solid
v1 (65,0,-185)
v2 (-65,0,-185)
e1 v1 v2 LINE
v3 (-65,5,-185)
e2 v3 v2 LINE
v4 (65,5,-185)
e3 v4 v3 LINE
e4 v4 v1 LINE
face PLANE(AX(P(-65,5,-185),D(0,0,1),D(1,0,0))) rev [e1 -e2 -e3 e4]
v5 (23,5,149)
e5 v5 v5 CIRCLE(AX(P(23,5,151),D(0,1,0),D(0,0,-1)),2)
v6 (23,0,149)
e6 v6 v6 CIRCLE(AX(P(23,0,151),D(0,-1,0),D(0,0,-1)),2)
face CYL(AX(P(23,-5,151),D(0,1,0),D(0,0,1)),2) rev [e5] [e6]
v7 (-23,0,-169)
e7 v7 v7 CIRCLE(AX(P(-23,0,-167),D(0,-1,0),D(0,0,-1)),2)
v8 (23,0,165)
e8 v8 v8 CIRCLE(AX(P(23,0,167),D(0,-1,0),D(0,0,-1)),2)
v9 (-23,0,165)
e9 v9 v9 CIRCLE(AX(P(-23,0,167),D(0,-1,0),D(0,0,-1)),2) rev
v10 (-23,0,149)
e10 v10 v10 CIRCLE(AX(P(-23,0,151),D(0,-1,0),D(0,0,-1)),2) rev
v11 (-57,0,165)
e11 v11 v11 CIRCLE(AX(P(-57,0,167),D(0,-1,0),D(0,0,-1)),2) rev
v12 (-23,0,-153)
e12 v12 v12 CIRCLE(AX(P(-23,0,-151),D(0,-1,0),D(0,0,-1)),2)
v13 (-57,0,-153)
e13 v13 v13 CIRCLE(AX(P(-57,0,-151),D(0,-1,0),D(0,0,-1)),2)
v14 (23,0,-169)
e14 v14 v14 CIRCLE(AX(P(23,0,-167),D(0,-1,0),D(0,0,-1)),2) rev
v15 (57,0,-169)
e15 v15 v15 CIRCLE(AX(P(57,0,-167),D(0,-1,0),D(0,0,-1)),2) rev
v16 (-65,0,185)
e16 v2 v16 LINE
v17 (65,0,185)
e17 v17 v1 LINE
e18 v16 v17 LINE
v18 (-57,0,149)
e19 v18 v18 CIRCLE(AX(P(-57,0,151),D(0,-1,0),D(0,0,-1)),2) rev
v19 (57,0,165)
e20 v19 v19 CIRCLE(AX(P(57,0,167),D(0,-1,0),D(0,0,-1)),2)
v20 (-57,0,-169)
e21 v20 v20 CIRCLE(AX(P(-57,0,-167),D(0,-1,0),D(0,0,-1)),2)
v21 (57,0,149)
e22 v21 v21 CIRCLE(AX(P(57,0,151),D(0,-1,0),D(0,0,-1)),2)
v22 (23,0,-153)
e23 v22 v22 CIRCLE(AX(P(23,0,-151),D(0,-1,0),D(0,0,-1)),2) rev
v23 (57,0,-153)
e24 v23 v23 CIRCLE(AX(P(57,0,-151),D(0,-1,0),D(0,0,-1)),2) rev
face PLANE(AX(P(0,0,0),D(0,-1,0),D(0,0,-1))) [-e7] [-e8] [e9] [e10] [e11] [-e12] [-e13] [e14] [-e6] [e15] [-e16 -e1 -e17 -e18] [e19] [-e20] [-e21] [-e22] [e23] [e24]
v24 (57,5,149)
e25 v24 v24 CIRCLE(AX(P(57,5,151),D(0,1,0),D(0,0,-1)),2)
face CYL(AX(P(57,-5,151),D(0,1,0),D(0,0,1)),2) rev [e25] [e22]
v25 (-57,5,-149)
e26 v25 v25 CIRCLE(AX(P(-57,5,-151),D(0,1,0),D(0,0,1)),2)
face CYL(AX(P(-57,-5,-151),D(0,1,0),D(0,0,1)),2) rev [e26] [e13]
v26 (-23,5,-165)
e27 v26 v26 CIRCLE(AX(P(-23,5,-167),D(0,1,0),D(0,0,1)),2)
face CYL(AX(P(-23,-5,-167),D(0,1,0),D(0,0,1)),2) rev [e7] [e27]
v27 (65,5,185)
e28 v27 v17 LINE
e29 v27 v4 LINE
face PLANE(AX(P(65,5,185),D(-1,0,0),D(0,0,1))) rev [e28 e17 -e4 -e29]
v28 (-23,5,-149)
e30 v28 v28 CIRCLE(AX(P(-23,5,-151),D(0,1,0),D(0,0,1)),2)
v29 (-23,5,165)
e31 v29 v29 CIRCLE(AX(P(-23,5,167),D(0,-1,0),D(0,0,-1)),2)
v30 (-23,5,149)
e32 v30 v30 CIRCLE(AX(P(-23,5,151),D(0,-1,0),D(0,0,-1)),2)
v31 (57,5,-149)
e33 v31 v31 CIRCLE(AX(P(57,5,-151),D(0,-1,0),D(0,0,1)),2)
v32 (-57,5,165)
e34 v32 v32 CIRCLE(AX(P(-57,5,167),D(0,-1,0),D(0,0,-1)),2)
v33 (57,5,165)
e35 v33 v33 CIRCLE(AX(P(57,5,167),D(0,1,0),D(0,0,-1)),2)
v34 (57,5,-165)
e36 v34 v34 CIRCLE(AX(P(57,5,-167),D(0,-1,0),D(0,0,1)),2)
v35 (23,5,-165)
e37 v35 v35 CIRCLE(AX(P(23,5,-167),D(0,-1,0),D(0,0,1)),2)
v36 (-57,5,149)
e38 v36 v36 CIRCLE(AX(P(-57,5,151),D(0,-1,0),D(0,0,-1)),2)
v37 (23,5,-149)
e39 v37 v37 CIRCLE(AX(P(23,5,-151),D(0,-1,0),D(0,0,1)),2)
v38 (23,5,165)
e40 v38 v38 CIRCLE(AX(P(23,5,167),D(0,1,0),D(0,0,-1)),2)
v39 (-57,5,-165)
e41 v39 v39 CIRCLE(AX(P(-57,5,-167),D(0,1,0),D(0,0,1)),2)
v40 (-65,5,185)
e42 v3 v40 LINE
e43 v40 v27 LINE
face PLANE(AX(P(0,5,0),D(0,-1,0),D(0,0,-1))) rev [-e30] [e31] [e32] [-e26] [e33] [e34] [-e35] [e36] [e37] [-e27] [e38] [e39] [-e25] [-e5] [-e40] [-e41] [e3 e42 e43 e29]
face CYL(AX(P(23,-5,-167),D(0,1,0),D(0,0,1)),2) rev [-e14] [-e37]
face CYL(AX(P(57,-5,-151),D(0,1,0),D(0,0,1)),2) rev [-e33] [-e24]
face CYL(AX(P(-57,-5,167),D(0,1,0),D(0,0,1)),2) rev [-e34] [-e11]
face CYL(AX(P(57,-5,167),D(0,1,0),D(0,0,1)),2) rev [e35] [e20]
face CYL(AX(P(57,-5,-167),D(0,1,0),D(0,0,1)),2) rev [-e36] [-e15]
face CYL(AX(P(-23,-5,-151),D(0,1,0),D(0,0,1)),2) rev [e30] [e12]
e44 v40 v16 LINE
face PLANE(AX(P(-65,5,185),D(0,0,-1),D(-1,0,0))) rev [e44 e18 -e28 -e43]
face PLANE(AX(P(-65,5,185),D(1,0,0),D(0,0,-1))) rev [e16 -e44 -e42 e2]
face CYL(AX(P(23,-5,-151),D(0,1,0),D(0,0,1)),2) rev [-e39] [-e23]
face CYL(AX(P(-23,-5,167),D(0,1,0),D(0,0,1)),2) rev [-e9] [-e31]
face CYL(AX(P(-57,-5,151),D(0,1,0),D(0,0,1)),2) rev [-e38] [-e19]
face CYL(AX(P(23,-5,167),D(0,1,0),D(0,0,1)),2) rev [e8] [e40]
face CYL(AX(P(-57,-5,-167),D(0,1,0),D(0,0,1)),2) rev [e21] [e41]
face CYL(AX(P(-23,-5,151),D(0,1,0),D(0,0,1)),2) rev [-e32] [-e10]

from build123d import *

# Parameters (mm, degrees)
SKETCH2_W                                  = 130
SKETCH2_H                                  = 370
BOSS_EXTRUDE1_DEPTH                        = 5
SKETCH3_R                                  = 2
CUT_EXTRUDE1_DEPTH                         = 10
MIRROR1_AT_THE_SECOND_PLANE_COPY_1_SKETC_R = 2
MIRROR1_AT_THE_SECOND_PLANE_COPY_1_DEPTH   = 10


with BuildPart() as part:
    # Sketch2 → Boss-Extrude1 (new body)
    with BuildSketch(Plane(origin=(0, 0, 0), x_dir=(1, 0, 0), z_dir=(0, 1, 0))):
        Rectangle(SKETCH2_W, SKETCH2_H)
    extrude(amount=BOSS_EXTRUDE1_DEPTH)

    # Sketch3 → Cut-Extrude1 (cut)
    with BuildSketch(Plane(origin=(0, 5, 0), x_dir=(1, 0, 0), z_dir=(0, 1, 0))):
        with Locations(Location((-57, 167, 0), (0, 0, 270))):
            Circle(SKETCH3_R)
        with Locations(Location((-57, 151, 0), (0, 0, 270))):
            Circle(SKETCH3_R)
        with Locations(Location((-23, 167, 0), (0, 0, 270))):
            Circle(SKETCH3_R)
        with Locations(Location((-23, 151, 0), (0, 0, 270))):
            Circle(SKETCH3_R)
    cut_extrude1 = extrude(amount=-CUT_EXTRUDE1_DEPTH, mode=Mode.SUBTRACT)

    # Mirror1: Cut-Extrude1 across plane
    add(cut_extrude1.mirror(Plane.XY), mode=Mode.SUBTRACT)

    # Mirror1 at the second plane: Cut-Extrude1 across plane
    add(cut_extrude1.mirror(Plane(origin=(0, 0, 0), x_dir=(0, 0, 1), z_dir=(1, 0, 0))), mode=Mode.SUBTRACT)

    # Mirror1 at the second plane copy 1 sketc → Mirror1 at the second plane copy 1 (cut)
    with BuildSketch(Plane(origin=(0, 5, 0), x_dir=(-1, 0, 0), z_dir=(0, 1, 0))):
        with Locations(Location((-57, 167, 0), (0, 0, 270))):
            Circle(MIRROR1_AT_THE_SECOND_PLANE_COPY_1_SKETC_R)
        with Locations(Location((-57, 151, 0), (0, 0, 270))):
            Circle(MIRROR1_AT_THE_SECOND_PLANE_COPY_1_SKETC_R)
        with Locations(Location((-23, 167, 0), (0, 0, 270))):
            Circle(MIRROR1_AT_THE_SECOND_PLANE_COPY_1_SKETC_R)
        with Locations(Location((-23, 151, 0), (0, 0, 270))):
            Circle(MIRROR1_AT_THE_SECOND_PLANE_COPY_1_SKETC_R)
    extrude(amount=-MIRROR1_AT_THE_SECOND_PLANE_COPY_1_DEPTH, mode=Mode.SUBTRACT)


solid = part.part
